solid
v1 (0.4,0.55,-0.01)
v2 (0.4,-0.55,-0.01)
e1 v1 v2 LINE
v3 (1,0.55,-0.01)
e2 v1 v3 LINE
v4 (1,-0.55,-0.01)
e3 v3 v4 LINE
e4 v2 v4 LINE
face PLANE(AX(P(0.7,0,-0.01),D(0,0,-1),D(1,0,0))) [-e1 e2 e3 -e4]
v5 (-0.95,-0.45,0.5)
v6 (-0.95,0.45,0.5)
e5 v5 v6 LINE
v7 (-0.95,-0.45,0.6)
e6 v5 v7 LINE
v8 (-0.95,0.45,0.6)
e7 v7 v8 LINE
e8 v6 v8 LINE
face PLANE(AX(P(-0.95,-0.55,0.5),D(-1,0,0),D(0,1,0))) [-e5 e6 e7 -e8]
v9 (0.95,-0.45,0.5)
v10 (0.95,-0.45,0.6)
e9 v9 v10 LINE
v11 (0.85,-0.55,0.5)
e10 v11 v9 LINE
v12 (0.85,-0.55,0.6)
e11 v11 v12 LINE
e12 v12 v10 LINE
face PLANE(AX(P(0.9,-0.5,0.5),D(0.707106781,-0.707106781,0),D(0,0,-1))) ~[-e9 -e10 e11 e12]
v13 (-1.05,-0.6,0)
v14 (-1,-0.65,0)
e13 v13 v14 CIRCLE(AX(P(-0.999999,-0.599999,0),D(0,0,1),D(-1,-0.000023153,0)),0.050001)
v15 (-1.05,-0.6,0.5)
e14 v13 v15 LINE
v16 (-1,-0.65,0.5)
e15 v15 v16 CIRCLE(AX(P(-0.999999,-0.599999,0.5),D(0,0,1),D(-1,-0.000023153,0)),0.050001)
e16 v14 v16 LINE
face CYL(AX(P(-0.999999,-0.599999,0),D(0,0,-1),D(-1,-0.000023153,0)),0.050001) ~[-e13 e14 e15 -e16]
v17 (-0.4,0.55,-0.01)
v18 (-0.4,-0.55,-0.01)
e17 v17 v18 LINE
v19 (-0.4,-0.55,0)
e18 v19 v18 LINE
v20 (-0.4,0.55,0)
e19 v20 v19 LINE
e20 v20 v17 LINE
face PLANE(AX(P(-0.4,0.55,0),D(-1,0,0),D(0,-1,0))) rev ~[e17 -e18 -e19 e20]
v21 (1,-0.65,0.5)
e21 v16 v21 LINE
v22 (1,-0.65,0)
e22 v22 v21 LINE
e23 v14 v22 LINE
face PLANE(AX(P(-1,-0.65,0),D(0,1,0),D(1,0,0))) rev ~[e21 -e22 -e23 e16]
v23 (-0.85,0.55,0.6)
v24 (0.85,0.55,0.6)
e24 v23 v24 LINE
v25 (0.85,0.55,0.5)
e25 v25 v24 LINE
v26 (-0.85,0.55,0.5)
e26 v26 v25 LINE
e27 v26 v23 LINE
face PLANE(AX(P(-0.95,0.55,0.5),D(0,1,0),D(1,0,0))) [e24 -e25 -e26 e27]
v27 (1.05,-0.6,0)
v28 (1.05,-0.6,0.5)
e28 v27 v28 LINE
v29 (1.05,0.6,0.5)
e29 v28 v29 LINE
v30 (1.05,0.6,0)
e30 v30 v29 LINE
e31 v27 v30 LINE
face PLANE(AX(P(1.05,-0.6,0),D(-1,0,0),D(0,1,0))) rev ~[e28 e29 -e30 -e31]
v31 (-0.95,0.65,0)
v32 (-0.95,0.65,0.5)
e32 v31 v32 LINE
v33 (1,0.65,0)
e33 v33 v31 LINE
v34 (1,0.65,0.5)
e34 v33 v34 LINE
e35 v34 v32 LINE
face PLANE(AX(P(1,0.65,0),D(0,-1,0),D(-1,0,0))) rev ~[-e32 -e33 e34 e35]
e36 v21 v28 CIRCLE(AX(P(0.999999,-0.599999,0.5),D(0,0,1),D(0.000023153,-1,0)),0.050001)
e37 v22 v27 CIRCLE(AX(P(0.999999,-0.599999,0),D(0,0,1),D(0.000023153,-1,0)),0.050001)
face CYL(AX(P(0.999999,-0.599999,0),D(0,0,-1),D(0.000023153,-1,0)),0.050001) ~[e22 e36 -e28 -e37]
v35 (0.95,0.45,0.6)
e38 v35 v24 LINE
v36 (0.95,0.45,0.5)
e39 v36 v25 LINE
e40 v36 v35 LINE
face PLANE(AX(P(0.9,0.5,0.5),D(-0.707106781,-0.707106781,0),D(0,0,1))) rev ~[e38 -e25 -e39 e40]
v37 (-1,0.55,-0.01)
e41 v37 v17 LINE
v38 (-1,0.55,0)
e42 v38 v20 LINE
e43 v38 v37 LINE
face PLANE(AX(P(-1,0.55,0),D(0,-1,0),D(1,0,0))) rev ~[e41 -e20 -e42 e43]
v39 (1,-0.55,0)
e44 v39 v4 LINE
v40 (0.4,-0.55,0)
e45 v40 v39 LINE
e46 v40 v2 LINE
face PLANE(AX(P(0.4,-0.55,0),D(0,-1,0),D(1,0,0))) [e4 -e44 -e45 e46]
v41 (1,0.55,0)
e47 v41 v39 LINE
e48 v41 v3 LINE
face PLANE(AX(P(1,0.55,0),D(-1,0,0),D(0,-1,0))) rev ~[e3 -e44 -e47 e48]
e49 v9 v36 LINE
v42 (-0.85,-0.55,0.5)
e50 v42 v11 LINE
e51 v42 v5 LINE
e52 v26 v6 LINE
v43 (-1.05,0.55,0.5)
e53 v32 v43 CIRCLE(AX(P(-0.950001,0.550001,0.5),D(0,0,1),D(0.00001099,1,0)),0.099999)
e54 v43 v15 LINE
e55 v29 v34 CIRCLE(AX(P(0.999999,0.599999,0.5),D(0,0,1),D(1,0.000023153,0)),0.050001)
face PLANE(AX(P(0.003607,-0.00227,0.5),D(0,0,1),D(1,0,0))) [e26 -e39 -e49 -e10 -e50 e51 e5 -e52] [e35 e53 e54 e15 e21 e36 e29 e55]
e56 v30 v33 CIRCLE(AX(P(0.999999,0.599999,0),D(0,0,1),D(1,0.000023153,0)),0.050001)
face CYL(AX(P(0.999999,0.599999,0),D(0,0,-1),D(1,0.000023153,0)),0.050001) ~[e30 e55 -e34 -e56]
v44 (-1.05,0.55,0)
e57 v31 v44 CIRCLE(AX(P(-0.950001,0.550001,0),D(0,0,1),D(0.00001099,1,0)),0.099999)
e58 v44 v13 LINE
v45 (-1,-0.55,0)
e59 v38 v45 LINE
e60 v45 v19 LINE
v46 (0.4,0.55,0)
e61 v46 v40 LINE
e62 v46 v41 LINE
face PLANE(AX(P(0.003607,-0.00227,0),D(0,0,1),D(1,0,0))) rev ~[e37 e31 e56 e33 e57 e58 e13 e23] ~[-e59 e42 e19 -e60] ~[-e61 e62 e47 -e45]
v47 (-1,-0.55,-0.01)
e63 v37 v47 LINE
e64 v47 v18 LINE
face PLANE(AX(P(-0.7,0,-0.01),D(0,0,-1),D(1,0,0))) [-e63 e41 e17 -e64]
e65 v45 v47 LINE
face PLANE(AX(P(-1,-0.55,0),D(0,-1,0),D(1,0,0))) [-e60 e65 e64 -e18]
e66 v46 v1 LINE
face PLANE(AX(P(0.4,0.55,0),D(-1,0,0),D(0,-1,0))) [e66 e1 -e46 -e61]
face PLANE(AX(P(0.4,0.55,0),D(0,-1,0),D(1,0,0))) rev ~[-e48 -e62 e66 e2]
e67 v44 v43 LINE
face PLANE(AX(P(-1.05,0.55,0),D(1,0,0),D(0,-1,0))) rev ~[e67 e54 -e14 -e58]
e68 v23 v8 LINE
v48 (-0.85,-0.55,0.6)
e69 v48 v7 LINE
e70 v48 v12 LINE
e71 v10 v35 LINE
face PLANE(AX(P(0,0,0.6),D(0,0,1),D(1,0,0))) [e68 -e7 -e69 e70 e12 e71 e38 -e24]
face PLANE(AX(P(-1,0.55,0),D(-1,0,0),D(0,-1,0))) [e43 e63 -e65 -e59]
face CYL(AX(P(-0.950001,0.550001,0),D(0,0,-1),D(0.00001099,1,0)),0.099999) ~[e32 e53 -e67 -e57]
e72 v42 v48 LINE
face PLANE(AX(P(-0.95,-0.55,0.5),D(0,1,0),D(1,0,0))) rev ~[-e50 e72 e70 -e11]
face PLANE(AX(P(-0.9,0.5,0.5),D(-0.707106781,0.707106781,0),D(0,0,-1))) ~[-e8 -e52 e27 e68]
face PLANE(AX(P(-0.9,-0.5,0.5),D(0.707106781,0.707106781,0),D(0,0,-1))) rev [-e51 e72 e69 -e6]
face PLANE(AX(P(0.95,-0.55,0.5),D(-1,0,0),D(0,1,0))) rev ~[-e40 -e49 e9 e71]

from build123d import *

# Parameters (mm, degrees)
F1_DEPTH = 0.5
F2_W     = 1.9
F2_H     = 1.1
F3_DEPTH = 0.1
F4_W     = 0.6
F4_H     = 1.1
F5_DEPTH = 0.01
F6_SIZE  = 0.1


with BuildPart() as f1:
    # F0 (on Top) → F1 (new body)
    with BuildSketch(Plane.XY):
        with BuildLine():
            Line((1, 0.65), (-0.95, 0.65))
            ThreePointArc((-0.95, 0.65), (-1.020711, 0.620711), (-1.05, 0.55))
            Line((-1.05, 0.55), (-1.05, -0.6))
            ThreePointArc((-1.05, -0.6), (-1.035355, -0.635355), (-1, -0.65))
            Line((-1, -0.65), (1, -0.65))
            ThreePointArc((1, -0.65), (1.035355, -0.635355), (1.05, -0.6))
            Line((1.05, -0.6), (1.05, 0.6))
            ThreePointArc((1.05, 0.6), (1.035355, 0.635355), (1, 0.65))
        make_face()
    extrude(amount=F1_DEPTH)

    # F2 (on face) → F3 (join)
    with BuildSketch(Plane.XY.offset(0.5)):
        Rectangle(F2_W, F2_H)
    extrude(amount=F3_DEPTH)

    # F4 (on face) → F5 (join)
    with BuildSketch(Plane(origin=(0, 0, 0), x_dir=(1, 0, 0), z_dir=(0, 0, -1))):
        with Locations((0.7, 0)):
            Rectangle(F4_W, F4_H)
        with Locations((-0.7, 0)):
            Rectangle(F4_W, F4_H)
    extrude(amount=F5_DEPTH)

    # F6
    f6_edges = [f1.edges().sort_by_distance(p)[0] for p in [
        (0.95, -0.55, 0.55),
        (0.95, 0.55, 0.55),
        (-0.95, 0.55, 0.55),
        (-0.95, -0.55, 0.55),
    ]]
    chamfer(f6_edges, length=F6_SIZE)


solid = f1.part
